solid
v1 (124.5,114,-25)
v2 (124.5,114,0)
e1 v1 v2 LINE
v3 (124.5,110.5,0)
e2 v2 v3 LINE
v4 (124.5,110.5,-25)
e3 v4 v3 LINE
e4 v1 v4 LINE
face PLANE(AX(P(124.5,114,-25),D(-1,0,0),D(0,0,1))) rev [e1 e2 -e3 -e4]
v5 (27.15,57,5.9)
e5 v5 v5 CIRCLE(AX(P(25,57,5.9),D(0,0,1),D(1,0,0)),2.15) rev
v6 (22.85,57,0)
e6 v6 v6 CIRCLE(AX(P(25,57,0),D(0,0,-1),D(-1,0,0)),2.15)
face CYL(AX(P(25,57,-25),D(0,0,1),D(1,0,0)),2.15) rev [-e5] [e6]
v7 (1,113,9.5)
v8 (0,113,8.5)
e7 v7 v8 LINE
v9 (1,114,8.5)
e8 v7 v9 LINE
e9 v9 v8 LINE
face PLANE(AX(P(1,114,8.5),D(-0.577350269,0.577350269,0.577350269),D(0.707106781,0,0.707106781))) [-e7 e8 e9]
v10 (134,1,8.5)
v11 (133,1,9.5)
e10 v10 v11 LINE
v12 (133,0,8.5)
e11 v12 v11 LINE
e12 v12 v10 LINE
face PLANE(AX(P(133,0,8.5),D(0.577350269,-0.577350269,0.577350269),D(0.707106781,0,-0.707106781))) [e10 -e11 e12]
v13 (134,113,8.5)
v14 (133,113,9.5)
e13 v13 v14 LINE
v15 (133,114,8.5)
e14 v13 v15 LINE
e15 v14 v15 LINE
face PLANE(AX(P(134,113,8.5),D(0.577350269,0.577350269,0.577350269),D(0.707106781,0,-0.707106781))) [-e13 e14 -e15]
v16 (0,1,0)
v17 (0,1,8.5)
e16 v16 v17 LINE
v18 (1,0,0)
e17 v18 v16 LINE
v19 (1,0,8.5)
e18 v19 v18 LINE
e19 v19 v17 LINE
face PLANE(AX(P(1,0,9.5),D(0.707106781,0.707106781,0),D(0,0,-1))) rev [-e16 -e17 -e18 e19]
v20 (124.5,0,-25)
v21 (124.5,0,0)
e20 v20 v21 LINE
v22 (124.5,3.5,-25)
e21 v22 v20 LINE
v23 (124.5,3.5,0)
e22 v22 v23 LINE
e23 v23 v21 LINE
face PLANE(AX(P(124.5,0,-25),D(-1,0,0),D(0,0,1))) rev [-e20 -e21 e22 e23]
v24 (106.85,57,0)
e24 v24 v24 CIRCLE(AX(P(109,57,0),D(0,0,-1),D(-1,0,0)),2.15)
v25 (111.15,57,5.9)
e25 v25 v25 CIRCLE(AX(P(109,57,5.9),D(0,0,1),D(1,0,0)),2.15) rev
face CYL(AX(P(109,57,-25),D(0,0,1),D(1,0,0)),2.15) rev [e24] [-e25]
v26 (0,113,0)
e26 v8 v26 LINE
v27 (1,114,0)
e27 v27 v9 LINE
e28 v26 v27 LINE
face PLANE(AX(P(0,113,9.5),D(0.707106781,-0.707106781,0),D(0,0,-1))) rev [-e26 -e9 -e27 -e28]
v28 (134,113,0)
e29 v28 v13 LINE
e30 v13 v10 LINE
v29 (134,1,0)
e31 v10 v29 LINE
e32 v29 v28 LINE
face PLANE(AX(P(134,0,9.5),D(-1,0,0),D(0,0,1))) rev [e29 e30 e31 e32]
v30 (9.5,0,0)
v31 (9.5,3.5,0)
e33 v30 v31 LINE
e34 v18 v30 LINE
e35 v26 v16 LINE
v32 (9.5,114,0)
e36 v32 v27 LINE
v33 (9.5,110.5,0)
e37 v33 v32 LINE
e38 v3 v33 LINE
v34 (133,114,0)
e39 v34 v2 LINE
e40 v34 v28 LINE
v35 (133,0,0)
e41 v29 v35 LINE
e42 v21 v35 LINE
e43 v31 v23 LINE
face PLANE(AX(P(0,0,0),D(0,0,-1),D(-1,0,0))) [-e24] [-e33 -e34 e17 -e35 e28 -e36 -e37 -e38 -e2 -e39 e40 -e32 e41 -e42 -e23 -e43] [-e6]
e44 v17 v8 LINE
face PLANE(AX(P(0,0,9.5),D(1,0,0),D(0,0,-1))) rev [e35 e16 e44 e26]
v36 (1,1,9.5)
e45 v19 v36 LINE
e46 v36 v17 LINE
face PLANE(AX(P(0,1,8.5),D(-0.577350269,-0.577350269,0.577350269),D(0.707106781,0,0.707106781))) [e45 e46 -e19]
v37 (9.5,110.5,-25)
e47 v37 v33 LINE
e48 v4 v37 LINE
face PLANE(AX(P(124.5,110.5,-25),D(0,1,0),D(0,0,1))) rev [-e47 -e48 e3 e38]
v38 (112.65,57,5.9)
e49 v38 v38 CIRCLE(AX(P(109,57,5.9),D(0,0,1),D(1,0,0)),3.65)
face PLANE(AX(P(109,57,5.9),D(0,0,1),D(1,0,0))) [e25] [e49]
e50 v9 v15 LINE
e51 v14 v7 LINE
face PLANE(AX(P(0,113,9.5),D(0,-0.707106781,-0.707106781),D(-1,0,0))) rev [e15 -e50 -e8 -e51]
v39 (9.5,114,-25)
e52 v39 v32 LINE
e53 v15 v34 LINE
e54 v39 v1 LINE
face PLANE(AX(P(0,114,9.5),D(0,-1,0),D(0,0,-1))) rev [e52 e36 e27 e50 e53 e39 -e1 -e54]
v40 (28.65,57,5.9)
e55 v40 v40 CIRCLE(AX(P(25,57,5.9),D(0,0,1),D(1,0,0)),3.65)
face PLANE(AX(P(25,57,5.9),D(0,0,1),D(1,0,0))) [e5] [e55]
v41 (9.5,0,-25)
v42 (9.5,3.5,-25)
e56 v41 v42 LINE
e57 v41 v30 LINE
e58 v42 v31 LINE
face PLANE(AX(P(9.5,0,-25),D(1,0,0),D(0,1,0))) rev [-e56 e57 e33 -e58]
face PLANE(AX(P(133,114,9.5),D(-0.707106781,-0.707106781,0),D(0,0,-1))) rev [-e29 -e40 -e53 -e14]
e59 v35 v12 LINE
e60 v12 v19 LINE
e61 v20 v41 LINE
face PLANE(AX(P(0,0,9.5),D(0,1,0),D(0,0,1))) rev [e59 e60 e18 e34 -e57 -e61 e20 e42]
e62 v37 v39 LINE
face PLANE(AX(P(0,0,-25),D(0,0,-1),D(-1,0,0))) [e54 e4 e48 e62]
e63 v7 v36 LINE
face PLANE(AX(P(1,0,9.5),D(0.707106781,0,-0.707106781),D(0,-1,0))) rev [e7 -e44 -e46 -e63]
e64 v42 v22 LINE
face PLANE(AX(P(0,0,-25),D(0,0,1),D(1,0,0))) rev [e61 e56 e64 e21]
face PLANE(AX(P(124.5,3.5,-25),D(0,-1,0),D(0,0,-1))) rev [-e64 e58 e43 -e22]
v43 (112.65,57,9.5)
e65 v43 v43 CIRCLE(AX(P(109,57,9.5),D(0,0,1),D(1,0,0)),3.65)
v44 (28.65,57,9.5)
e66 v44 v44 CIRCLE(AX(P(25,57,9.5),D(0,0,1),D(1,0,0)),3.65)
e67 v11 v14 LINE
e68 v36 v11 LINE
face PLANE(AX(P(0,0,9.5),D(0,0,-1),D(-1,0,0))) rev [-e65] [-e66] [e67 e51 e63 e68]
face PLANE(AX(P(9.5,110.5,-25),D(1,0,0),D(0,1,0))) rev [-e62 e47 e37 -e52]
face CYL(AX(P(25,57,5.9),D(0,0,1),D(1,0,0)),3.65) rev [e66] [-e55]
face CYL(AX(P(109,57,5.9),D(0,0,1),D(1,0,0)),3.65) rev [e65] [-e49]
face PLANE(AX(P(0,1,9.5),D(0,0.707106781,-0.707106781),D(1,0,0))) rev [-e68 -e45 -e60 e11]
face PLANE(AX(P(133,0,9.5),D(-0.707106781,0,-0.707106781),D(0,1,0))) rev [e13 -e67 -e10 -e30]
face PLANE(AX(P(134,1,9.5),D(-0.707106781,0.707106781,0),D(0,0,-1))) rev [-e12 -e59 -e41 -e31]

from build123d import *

# Parameters (mm, degrees)
SKETCH1_W           = 134
SKETCH1_H           = 114
BOSS_EXTRUDE1_DEPTH = 9.5
SKETCH2_W           = 115
SKETCH2_H           = 3.5
BOSS_EXTRUDE2_DEPTH = 25
SKETCH3_R           = 2.15
CUT_EXTRUDE1_DEPTH  = 180.282598152
SKETCH4_R           = 3.65
CUT_EXTRUDE2_DEPTH  = 3.6
CHAMFER1_SIZE       = 1


with BuildPart() as part:
    # Sketch1 → Boss-Extrude1 (new body)
    with BuildSketch(Plane.XY):
        with Locations((67, 57)):
            Rectangle(SKETCH1_W, SKETCH1_H)
    extrude(amount=BOSS_EXTRUDE1_DEPTH)

    # Sketch2 → Boss-Extrude2 (add)
    with BuildSketch(Plane(origin=(0, 0, 0), x_dir=(-1, 0, 0), z_dir=(0, 0, -1))):
        Polygon((-67, 114), (-124.5, 114), (-124.5, 110.5), (-9.5, 110.5), (-9.5, 114), align=None)
        with Locations((-67, 1.75)):
            Rectangle(SKETCH2_W, SKETCH2_H)
    extrude(amount=BOSS_EXTRUDE2_DEPTH)

    # Sketch3 → Cut-Extrude1 (cut, through all)
    with BuildSketch(Plane.XY.offset(9.5)):
        with Locations((25, 57)):
            Circle(SKETCH3_R)
        with Locations((109, 57)):
            Circle(SKETCH3_R)
    extrude(amount=-CUT_EXTRUDE1_DEPTH, mode=Mode.SUBTRACT)

    # Sketch4 → Cut-Extrude2 (cut)
    with BuildSketch(Plane.XY.offset(9.5)):
        with Locations((25, 57)):
            Circle(SKETCH4_R)
        with Locations((109, 57)):
            Circle(SKETCH4_R)
    extrude(amount=-CUT_EXTRUDE2_DEPTH, mode=Mode.SUBTRACT)

    # Chamfer1
    chamfer1_edges = [part.edges().sort_by_distance(p)[0] for p in [
        (134, 57, 9.5),
        (67, 114, 9.5),
        (0, 57, 9.5),
        (67, 0, 9.5),
        (0, 114, 4.75),
        (134, 114, 4.75),
        (134, 0, 4.75),
        (0, 0, 4.75),
    ]]
    chamfer(chamfer1_edges, length=CHAMFER1_SIZE)


solid = part.part
